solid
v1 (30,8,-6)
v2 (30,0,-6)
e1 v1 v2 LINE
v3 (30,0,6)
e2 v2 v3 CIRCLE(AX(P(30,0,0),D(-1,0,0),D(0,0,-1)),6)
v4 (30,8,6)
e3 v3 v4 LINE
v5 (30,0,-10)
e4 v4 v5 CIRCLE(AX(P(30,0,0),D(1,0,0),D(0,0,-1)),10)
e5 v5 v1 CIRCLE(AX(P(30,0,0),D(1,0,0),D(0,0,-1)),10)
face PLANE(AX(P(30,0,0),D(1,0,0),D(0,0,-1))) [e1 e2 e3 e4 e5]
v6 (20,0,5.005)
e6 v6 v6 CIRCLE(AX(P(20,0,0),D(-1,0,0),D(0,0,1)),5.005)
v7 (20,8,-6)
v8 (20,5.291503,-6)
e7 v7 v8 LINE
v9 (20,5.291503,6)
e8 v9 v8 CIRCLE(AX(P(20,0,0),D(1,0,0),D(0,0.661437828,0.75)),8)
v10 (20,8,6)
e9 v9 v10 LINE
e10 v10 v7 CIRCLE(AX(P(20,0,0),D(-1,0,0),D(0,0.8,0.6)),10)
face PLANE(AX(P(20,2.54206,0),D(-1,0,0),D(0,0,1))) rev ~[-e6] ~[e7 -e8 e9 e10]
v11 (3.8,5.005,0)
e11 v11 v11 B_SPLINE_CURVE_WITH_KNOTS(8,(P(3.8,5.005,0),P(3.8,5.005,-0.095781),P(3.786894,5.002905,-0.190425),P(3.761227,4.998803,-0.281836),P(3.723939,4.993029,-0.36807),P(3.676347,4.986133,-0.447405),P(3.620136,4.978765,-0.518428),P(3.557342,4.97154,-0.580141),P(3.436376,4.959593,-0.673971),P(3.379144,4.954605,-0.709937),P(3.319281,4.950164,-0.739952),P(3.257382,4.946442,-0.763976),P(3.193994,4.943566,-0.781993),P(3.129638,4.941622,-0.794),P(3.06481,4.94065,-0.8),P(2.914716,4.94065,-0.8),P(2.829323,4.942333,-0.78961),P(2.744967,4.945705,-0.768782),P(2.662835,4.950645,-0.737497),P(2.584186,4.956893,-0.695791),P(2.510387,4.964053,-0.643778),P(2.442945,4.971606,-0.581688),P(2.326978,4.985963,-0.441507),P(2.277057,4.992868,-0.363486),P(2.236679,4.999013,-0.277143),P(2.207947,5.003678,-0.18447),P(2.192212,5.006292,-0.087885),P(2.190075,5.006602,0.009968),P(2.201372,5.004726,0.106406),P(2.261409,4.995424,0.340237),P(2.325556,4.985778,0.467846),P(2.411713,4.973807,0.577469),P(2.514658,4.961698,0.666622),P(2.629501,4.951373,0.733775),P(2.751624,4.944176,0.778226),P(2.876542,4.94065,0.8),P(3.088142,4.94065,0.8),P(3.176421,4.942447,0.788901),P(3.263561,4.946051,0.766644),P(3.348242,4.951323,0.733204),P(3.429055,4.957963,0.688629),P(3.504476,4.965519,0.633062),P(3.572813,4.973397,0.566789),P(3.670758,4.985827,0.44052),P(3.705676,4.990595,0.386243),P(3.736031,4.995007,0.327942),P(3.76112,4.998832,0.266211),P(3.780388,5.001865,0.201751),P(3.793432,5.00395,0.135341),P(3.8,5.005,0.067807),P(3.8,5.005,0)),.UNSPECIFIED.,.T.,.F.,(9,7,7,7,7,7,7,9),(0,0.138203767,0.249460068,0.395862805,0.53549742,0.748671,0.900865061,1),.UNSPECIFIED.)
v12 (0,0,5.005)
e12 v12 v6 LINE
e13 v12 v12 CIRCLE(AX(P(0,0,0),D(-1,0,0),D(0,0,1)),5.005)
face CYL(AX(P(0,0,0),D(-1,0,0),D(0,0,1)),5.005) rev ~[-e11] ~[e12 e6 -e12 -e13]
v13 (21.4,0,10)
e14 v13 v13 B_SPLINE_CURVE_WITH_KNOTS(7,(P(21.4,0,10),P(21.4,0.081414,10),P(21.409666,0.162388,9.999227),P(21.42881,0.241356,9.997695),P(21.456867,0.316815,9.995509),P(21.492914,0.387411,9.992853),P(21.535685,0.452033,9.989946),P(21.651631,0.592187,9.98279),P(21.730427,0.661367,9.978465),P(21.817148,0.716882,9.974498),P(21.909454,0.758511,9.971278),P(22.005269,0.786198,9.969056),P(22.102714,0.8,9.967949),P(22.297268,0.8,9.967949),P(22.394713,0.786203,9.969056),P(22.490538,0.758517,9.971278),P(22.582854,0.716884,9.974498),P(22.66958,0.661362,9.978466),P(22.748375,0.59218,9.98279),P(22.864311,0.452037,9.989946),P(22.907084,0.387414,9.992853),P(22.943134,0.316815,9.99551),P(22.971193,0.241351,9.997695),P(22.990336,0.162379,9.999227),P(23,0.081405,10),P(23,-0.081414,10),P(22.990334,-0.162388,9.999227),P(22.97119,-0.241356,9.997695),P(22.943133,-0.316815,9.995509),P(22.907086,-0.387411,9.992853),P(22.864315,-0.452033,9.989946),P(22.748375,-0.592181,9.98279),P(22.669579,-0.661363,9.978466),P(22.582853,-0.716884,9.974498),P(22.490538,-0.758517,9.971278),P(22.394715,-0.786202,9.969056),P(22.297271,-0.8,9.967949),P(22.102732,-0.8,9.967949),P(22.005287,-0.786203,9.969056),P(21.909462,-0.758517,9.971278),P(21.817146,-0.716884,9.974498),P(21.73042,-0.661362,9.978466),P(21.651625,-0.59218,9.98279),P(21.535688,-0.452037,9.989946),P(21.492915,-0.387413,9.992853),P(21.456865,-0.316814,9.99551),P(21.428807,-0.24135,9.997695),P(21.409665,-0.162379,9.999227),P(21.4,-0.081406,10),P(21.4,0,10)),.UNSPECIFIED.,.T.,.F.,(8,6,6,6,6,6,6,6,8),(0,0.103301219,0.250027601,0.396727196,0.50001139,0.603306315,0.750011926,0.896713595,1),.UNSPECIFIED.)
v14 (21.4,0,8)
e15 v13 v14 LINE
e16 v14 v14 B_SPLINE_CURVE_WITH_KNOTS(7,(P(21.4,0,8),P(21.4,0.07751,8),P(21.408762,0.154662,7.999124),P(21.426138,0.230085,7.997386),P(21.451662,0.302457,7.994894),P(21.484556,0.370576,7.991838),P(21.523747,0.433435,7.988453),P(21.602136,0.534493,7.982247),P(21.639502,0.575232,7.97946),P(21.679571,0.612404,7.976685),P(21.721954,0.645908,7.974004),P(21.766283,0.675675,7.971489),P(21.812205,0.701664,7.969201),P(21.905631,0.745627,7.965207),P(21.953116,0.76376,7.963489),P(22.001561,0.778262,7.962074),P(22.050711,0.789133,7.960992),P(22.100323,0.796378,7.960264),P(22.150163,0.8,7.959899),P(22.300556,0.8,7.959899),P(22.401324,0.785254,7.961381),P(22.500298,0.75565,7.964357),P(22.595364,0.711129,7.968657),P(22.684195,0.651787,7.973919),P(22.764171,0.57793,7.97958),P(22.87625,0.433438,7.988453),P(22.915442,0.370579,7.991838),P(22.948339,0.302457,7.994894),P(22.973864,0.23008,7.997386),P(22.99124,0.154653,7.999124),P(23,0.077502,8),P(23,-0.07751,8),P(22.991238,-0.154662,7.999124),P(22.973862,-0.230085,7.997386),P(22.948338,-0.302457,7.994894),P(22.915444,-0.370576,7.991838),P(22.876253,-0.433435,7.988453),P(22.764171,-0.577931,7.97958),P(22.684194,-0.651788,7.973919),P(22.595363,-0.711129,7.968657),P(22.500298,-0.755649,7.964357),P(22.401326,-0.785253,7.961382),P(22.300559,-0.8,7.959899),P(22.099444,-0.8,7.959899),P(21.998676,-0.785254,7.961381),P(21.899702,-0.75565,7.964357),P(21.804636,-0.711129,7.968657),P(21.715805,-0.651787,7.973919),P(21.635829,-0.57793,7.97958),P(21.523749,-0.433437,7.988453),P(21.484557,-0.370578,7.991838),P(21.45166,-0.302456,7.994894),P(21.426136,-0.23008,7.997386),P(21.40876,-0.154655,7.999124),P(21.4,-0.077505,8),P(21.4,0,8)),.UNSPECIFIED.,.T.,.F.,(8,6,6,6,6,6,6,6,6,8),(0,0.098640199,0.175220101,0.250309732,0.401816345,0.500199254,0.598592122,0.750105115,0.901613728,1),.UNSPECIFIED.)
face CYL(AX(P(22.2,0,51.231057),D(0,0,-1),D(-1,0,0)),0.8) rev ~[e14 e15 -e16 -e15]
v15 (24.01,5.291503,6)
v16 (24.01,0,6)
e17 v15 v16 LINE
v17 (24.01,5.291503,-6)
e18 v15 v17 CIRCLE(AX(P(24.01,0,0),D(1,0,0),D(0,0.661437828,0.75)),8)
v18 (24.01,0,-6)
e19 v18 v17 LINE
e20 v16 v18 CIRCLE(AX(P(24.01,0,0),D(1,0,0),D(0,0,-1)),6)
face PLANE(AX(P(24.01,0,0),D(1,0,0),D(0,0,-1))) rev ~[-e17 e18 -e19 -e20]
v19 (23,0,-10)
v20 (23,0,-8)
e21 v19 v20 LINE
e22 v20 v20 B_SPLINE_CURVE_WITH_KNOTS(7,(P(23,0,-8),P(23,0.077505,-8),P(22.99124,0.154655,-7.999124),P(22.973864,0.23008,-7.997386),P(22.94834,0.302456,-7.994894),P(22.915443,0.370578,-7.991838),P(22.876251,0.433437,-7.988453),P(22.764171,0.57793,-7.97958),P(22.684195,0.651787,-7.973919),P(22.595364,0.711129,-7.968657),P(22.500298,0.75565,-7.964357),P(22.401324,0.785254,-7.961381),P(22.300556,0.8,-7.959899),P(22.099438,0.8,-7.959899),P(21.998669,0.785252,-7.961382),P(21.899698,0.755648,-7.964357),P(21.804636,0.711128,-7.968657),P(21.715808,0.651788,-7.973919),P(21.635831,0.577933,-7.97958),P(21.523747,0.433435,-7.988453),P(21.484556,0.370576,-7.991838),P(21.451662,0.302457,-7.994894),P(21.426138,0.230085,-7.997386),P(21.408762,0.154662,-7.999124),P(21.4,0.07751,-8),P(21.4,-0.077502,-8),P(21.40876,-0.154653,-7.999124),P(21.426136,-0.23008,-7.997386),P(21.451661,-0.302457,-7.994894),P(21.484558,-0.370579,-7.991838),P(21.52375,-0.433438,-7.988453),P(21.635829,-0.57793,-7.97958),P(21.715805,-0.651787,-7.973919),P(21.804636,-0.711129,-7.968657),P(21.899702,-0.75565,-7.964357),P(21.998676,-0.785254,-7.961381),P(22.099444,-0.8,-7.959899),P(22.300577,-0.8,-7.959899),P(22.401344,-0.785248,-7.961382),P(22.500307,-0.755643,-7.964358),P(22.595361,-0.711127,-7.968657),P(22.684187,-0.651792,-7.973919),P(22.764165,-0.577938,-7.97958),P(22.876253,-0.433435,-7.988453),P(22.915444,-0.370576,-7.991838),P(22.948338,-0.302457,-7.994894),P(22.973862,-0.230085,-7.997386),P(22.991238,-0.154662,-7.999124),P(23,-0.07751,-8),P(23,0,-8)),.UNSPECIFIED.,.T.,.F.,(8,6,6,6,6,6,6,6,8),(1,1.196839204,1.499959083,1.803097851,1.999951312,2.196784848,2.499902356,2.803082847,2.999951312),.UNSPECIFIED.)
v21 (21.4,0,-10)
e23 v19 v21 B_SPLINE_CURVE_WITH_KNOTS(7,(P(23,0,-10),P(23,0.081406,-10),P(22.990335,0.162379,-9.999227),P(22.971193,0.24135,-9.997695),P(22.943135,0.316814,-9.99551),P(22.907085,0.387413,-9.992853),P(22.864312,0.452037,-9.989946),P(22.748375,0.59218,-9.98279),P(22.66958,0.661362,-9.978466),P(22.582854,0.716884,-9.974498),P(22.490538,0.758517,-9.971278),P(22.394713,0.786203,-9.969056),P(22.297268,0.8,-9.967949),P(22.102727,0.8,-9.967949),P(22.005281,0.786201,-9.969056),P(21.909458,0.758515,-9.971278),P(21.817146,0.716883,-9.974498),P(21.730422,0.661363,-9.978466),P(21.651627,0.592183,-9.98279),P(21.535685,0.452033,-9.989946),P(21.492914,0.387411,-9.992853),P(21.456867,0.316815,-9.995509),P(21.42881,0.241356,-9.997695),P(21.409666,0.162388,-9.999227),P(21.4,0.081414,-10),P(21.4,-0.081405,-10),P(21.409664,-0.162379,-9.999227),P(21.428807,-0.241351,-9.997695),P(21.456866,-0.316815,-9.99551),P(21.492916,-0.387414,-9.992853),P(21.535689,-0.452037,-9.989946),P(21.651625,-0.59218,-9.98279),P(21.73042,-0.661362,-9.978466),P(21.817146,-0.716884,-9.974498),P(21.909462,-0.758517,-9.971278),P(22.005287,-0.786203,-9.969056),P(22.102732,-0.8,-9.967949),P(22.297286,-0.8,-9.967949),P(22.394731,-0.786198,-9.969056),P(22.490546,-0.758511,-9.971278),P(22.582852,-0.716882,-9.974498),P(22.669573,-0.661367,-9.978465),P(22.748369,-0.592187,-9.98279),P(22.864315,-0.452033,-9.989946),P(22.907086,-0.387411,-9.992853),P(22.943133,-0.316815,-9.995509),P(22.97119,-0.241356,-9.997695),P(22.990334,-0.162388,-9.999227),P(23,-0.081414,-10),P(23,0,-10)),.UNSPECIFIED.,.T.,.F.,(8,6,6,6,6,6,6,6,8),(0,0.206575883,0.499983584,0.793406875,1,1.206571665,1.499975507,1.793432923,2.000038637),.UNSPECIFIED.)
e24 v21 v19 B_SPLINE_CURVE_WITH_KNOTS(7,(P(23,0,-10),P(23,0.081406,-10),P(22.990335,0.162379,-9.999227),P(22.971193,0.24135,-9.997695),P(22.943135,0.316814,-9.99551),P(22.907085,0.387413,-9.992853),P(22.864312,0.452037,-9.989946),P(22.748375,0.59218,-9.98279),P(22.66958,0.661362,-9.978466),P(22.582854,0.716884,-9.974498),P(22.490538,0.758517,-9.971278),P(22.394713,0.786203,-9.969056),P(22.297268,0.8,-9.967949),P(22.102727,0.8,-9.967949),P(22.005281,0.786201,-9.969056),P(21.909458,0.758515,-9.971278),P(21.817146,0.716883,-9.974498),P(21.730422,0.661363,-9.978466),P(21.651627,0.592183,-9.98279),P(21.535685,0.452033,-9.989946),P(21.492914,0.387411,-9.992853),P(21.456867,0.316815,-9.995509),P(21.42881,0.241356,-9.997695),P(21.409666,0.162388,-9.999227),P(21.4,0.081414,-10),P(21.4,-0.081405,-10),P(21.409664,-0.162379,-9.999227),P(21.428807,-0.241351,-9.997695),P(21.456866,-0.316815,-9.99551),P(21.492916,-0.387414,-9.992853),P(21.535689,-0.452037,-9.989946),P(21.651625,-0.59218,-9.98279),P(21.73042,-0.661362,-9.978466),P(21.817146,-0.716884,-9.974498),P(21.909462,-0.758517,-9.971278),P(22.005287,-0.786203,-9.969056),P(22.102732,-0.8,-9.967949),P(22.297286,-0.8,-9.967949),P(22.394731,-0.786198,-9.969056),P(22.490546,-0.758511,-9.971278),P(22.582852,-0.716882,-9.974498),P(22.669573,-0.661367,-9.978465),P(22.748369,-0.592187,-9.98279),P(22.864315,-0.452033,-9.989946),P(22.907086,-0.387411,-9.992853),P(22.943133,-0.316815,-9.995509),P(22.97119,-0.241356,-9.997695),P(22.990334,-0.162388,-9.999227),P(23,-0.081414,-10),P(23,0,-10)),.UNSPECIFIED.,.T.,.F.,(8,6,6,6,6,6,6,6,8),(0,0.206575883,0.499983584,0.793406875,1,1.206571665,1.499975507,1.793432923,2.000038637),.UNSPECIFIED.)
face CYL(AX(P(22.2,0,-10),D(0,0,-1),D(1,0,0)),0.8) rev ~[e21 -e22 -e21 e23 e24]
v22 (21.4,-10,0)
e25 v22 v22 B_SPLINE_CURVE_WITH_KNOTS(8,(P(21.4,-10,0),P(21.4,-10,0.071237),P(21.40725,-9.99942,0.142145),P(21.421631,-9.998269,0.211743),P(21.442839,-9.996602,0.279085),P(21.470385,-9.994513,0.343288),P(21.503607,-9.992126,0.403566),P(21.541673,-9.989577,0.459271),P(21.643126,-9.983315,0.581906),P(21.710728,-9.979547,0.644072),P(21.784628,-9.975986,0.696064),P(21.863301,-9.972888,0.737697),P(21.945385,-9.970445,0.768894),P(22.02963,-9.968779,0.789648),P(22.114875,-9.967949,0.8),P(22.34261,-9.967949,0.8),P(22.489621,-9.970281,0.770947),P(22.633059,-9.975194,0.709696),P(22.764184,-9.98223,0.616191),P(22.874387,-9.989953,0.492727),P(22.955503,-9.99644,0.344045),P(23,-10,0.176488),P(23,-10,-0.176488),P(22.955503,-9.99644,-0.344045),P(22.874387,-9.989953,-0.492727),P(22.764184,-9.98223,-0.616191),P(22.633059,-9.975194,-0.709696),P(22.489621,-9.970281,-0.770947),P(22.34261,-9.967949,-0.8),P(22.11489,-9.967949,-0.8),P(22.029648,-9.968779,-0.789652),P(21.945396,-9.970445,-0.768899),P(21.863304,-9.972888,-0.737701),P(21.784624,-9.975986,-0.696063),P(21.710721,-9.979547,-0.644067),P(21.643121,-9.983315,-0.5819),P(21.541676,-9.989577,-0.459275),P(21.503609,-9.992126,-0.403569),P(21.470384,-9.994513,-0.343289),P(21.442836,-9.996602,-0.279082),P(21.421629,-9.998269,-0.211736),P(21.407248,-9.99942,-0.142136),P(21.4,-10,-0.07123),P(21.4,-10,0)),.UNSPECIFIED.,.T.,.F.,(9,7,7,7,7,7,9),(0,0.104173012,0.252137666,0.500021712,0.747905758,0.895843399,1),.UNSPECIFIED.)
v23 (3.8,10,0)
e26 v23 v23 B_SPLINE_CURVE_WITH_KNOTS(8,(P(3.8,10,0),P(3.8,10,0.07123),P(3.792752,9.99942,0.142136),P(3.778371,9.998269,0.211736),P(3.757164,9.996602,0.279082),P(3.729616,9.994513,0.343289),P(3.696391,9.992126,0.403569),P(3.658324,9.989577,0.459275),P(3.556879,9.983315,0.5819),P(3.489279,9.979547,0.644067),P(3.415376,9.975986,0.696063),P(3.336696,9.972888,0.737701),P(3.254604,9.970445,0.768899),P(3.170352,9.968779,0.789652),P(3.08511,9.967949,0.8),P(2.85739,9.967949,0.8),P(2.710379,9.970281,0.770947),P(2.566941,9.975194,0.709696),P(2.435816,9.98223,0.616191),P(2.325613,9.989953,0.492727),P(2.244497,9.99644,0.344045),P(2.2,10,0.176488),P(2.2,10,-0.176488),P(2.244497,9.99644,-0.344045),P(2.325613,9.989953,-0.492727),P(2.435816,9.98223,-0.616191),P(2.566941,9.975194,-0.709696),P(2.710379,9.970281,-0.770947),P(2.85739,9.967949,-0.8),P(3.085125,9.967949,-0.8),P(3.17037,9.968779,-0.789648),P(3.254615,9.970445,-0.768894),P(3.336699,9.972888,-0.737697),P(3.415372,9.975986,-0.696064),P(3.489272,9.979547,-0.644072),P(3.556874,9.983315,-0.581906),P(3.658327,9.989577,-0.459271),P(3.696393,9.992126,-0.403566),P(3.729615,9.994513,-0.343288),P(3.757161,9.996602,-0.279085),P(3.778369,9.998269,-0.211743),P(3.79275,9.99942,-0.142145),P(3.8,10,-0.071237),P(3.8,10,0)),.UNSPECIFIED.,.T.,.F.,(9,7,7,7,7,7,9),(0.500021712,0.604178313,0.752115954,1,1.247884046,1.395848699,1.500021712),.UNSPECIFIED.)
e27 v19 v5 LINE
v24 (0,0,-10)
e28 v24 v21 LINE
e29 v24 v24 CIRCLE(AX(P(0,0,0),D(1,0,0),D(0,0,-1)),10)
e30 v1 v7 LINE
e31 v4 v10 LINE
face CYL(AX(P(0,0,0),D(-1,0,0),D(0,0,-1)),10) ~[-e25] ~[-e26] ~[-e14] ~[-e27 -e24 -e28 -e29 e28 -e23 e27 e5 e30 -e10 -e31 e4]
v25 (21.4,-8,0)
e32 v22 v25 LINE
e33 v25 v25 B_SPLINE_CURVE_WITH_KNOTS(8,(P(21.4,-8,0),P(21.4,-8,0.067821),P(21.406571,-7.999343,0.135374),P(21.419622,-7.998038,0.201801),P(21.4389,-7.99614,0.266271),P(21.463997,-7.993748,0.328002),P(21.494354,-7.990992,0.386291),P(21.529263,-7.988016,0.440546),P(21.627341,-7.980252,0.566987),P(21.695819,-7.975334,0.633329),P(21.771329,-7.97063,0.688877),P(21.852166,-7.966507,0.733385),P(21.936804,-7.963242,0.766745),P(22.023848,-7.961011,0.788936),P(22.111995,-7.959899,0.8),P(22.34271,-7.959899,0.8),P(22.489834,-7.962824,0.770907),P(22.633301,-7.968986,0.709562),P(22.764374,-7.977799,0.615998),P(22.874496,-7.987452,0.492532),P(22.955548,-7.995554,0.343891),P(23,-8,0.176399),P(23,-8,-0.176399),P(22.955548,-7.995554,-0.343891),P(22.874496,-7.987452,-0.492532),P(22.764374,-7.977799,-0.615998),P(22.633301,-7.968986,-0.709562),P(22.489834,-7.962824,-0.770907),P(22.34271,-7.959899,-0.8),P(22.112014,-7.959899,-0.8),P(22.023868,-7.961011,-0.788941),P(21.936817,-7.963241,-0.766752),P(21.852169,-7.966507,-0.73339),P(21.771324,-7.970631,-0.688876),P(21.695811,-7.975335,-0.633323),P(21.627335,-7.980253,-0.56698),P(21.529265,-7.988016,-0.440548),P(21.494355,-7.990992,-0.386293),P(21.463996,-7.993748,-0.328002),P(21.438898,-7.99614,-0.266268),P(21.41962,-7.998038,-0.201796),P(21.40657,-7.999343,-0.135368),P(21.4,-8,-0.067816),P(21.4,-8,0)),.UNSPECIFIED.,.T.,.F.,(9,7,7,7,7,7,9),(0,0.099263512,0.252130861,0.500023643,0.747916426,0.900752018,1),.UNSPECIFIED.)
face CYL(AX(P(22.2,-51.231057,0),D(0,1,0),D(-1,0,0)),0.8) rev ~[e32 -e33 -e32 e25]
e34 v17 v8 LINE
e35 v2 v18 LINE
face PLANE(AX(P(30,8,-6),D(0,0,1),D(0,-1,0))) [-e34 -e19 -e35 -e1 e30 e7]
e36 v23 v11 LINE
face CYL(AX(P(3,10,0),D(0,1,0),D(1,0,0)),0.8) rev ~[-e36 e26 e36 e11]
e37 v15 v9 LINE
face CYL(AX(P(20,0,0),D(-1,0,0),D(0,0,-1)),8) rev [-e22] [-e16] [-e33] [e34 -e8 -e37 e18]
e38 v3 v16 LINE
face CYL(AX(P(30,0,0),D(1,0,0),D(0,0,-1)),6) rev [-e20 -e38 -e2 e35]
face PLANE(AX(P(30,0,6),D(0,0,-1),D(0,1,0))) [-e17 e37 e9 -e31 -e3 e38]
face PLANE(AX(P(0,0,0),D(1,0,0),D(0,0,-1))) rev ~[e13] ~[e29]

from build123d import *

# Parameters (mm, degrees)
SKETCH1_R                  = 10
BOSS_EXTRUDE1_DEPTH        = 30
SKETCH2_R                  = 5.005
CUT_EXTRUDE1_DEPTH         = 20
CUT_EXTRUDE2_DEPTH         = 10
SKETCH4_R                  = 8
CUT_EXTRUDE3_DEPTH         = 4.01
M2X0_4_TAPPED_HOLE1_REACH  = 39.417
M2X0_4_TAPPED_HOLE1_BORE_R = 0.8
M2X0_4_TAPPED_HOLE2_D      = 1.6
M2X0_4_TAPPED_HOLE3_D      = 1.6
M2X0_4_TAPPED_HOLE4_REACH  = 39.417
M2X0_4_TAPPED_HOLE4_BORE_R = 0.8


with BuildPart() as part:
    # Sketch1 → Boss-Extrude1 (new body)
    with BuildSketch(Plane(origin=(0, 0, 0), x_dir=(0, 0, -1), z_dir=(1, 0, 0))):
        Circle(SKETCH1_R)
    extrude(amount=BOSS_EXTRUDE1_DEPTH)

    # Sketch2 → Cut-Extrude1 (cut)
    with BuildSketch(Plane.ZY):
        Circle(SKETCH2_R)
    extrude(amount=-CUT_EXTRUDE1_DEPTH, mode=Mode.SUBTRACT)

    # Sketch3 → Cut-Extrude2 (cut)
    with BuildSketch(Plane(origin=(30, 0, 0), x_dir=(0, 0, -1), z_dir=(1, 0, 0))):
        with BuildLine():
            Line((-6, 0), (-6, 8))
            ThreePointArc((-6, 8), (0, 10), (6, 8))
            Line((6, 8), (6, 0))
            ThreePointArc((6, 0), (0, -6), (-6, 0))
        make_face()
    extrude(amount=-CUT_EXTRUDE2_DEPTH, mode=Mode.SUBTRACT)

    # Sketch4 → Cut-Extrude3 (cut)
    with BuildSketch(Plane(origin=(20, 0, 0), x_dir=(0, 0, -1), z_dir=(1, 0, 0))):
        Circle(SKETCH4_R)
    extrude(amount=CUT_EXTRUDE3_DEPTH, mode=Mode.SUBTRACT)

    # M2x0.4 Tapped Hole1 bore → M2x0.4 Tapped Hole1 (cut, up to next)
    with BuildSketch(Plane(origin=(0, 0, -10), x_dir=(1, 0, 0), z_dir=(0, 0, -1)), mode=Mode.PRIVATE) as m2x0_4_tapped_hole1_sk1:
        with Locations((22.2, 0)):
            Circle(M2X0_4_TAPPED_HOLE1_BORE_R)
    m2x0_4_tapped_hole1_tool1 = extrude(m2x0_4_tapped_hole1_sk1.sketch, amount=-M2X0_4_TAPPED_HOLE1_REACH, mode=Mode.PRIVATE) & part.part
    add(m2x0_4_tapped_hole1_tool1.solids().sort_by_distance((22.2, 0, -10))[0], mode=Mode.SUBTRACT)

    # M2x0.4 Tapped Hole2 (through all)
    with Locations(Plane.XY.offset(10)):
        with Locations((22.2, 0)):
            Hole(M2X0_4_TAPPED_HOLE2_D / 2)

    # M2x0.4 Tapped Hole3 (through all)
    with Locations(Plane.XZ.offset(10)):
        with Locations((22.2, 0)):
            Hole(M2X0_4_TAPPED_HOLE3_D / 2)

    # M2x0.4 Tapped Hole4 bore → M2x0.4 Tapped Hole4 (cut, up to next)
    with BuildSketch(Plane(origin=(0, 10, 0), x_dir=(1, 0, 0), z_dir=(0, 1, 0)), mode=Mode.PRIVATE) as m2x0_4_tapped_hole4_sk1:
        with Locations((3, 0)):
            Circle(M2X0_4_TAPPED_HOLE4_BORE_R)
    m2x0_4_tapped_hole4_tool1 = extrude(m2x0_4_tapped_hole4_sk1.sketch, amount=-M2X0_4_TAPPED_HOLE4_REACH, mode=Mode.PRIVATE) & part.part
    add(m2x0_4_tapped_hole4_tool1.solids().sort_by_distance((3, 10, 0))[0], mode=Mode.SUBTRACT)


solid = part.part
